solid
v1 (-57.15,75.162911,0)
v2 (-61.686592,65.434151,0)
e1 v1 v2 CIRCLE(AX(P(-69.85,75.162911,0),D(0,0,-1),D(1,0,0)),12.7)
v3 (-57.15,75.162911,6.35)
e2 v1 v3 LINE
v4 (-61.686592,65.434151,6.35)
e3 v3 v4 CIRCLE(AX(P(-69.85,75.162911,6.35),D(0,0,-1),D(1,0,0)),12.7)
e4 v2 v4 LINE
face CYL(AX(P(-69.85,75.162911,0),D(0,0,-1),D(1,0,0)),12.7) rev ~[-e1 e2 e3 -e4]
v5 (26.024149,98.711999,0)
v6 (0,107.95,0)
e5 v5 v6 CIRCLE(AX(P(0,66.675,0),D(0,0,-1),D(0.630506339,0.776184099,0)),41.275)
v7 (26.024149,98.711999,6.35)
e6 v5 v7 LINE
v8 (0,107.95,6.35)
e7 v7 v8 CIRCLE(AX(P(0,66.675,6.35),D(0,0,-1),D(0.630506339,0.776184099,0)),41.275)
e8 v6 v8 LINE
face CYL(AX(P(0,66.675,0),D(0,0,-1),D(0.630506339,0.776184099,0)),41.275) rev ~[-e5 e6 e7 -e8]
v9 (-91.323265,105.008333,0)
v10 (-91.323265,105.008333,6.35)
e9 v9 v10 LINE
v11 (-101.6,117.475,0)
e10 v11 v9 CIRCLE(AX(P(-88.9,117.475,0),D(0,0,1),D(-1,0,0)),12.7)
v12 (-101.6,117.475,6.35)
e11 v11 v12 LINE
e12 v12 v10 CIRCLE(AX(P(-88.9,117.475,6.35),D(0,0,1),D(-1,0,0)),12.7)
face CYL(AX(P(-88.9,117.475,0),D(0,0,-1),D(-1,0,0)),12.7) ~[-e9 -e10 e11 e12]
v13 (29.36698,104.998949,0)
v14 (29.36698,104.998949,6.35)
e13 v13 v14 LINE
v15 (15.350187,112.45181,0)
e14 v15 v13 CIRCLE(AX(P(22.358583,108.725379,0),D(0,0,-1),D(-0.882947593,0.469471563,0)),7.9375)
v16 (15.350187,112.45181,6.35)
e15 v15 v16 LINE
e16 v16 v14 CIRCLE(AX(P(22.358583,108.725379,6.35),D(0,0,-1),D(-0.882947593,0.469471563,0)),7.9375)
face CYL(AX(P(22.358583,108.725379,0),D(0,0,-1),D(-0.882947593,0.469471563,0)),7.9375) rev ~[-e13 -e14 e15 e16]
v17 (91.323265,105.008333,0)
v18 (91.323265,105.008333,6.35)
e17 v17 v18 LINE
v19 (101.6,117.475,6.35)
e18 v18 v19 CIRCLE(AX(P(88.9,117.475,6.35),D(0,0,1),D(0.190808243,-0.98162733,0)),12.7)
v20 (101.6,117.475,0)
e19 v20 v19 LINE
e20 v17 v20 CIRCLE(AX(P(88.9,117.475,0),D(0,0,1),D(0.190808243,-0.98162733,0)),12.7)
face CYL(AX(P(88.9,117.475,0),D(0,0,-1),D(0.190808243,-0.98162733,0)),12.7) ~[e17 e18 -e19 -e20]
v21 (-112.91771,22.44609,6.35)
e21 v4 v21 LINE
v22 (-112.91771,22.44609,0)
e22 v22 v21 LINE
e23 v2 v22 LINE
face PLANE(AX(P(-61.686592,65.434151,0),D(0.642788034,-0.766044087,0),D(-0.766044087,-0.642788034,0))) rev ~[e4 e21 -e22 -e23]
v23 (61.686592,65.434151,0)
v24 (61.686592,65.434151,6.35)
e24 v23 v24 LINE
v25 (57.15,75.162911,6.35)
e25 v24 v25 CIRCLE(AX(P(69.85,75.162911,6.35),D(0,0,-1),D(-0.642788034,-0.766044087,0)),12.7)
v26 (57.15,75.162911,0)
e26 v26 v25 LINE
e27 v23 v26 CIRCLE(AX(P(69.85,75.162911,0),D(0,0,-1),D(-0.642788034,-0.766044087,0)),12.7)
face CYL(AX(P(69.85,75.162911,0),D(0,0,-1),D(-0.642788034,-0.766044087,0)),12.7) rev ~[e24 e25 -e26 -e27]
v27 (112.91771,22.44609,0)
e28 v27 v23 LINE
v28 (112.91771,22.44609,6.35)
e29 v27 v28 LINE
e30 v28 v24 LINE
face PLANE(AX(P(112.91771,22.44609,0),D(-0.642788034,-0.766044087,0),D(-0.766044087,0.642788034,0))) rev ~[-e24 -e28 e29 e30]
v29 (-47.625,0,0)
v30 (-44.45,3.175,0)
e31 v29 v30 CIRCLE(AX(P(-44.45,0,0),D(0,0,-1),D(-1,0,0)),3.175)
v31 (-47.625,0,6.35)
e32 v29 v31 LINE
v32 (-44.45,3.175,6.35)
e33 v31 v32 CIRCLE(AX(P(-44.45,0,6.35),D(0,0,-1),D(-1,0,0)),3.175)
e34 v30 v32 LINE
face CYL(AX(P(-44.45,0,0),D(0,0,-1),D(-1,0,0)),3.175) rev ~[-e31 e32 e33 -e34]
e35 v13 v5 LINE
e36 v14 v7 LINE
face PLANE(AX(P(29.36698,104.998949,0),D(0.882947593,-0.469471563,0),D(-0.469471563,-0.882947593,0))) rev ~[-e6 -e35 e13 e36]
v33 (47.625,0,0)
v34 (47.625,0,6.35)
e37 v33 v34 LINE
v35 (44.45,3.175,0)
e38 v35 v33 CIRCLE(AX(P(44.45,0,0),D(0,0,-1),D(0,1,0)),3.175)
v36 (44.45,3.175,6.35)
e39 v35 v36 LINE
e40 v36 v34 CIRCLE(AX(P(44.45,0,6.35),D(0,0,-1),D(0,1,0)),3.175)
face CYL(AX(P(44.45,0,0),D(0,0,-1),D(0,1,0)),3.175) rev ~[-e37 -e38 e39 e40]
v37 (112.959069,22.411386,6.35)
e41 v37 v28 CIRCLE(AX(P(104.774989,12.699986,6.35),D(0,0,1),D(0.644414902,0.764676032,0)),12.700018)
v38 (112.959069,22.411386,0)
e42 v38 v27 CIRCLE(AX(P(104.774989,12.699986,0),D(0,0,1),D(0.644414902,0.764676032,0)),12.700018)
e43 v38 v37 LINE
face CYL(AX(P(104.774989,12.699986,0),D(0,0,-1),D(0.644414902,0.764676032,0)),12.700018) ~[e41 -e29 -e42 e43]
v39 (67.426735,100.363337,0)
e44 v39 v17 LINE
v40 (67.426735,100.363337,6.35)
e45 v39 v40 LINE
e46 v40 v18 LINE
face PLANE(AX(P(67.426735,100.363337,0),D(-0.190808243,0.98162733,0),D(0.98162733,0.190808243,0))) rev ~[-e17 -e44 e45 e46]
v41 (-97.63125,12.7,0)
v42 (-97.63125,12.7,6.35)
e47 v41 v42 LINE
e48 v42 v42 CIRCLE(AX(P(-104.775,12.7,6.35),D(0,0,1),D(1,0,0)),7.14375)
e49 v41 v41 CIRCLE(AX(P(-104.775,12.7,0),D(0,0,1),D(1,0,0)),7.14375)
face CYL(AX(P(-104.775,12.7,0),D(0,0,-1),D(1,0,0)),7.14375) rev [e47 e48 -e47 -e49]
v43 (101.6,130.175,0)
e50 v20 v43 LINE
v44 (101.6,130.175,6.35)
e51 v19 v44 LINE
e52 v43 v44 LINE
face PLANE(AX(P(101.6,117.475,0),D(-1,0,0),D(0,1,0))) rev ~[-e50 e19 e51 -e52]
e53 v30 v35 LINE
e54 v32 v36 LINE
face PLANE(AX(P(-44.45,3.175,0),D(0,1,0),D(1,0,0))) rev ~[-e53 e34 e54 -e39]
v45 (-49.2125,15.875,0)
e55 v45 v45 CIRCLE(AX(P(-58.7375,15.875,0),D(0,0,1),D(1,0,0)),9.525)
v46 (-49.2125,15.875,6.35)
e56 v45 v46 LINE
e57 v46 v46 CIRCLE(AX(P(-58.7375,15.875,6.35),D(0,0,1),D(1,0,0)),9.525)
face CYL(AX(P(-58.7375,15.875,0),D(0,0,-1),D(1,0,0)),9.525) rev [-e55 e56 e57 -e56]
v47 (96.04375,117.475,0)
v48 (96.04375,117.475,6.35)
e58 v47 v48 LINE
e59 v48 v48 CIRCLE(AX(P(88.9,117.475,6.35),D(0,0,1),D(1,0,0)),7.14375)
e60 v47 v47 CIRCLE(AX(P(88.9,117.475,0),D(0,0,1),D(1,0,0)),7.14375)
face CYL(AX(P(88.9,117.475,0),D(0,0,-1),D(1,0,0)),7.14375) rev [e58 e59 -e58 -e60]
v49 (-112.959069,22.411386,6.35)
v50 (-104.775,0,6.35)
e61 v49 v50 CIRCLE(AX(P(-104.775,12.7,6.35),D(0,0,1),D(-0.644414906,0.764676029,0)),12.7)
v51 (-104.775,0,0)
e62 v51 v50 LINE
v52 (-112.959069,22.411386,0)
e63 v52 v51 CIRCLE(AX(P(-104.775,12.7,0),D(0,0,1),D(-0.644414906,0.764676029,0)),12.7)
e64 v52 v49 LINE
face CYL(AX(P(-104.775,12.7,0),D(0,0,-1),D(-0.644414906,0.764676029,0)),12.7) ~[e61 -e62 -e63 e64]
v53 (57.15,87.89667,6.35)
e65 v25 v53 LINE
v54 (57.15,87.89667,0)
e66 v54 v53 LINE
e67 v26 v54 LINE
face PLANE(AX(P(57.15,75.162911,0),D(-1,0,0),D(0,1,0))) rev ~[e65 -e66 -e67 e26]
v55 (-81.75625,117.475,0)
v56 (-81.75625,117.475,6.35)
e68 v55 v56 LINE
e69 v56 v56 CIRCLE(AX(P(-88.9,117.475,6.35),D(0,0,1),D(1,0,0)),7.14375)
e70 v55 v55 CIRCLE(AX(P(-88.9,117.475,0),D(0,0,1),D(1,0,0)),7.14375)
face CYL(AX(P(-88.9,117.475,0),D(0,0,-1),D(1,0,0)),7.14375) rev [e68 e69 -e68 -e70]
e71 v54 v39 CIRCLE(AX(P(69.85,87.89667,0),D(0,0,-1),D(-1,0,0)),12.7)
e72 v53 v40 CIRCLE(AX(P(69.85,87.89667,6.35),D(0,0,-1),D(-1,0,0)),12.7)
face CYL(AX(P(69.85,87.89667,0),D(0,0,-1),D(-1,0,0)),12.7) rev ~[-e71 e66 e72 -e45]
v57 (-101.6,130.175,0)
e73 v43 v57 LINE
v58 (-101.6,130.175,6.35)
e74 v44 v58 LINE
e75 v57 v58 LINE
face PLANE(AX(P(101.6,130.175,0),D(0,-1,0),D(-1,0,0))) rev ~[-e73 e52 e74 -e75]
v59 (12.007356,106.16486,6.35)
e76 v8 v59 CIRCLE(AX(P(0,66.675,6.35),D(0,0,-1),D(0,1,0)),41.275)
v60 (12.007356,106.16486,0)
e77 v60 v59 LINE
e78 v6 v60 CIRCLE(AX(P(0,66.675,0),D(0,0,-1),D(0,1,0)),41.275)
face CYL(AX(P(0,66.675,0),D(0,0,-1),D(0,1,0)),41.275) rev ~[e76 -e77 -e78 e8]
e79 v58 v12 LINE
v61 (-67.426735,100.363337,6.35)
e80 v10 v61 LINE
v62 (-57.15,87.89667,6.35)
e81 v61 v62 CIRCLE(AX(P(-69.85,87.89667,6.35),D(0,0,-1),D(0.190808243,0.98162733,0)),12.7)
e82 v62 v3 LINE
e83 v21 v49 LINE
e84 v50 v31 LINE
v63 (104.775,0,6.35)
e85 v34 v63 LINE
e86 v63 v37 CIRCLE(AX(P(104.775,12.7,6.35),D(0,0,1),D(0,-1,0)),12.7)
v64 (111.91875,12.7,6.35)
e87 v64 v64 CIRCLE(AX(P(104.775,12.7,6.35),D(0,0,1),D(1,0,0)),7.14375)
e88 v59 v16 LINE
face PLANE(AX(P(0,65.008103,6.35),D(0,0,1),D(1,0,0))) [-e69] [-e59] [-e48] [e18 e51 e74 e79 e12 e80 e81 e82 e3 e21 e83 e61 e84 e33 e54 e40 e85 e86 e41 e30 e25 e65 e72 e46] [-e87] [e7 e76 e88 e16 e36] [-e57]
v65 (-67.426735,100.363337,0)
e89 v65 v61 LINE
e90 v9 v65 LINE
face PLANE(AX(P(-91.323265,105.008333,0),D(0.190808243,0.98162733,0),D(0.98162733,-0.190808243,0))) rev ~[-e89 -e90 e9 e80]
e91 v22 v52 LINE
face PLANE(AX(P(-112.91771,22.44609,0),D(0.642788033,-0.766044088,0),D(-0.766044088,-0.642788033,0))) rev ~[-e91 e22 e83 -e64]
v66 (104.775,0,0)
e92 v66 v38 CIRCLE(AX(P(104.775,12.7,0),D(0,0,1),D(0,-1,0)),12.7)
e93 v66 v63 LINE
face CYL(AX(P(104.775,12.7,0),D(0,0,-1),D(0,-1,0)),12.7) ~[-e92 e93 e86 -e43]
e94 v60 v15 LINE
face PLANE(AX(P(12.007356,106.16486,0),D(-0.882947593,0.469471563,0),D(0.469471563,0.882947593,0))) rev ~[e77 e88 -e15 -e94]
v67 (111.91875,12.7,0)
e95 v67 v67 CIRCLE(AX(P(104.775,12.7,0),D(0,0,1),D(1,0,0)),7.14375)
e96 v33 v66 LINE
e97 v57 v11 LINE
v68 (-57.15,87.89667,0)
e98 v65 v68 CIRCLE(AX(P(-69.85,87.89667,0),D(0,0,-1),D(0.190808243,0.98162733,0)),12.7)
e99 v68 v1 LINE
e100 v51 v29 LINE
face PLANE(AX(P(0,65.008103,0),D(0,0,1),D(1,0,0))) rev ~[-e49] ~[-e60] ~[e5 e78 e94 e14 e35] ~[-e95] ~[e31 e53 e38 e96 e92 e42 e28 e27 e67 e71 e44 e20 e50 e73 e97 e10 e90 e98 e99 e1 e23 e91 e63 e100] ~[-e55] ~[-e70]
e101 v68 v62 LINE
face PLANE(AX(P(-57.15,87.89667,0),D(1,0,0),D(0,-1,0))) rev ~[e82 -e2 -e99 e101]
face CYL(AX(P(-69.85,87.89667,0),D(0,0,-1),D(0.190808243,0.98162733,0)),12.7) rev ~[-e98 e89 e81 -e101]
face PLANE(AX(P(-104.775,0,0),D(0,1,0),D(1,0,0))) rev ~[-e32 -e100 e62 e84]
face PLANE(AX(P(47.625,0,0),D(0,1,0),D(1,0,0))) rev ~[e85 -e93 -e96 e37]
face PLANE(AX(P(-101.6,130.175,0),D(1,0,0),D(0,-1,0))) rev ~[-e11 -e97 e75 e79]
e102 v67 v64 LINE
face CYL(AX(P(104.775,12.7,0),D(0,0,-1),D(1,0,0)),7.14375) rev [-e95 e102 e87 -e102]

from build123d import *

# Parameters (mm, degrees)
F0_R     = 7.14375
F0_R_2   = 9.525
F1_DEPTH = 6.35


with BuildPart() as f1:
    # F0 (on Top) → F1 (new body)
    with BuildSketch(Plane.XY):
        with BuildLine():
            ThreePointArc((44.45, 3.175), (46.6950640303, 2.2450640303), (47.625, 0))
            Line((47.625, 0), (104.775, 0))
            ThreePointArc((104.775, 0), (116.7044718388, 8.3436596038), (112.9590693035, 22.4113855673))
            ThreePointArc((112.9590693035, 22.4113855673), (112.9384080303, 22.4287599071), (112.9177098724, 22.4460902896))
            Line((112.9177098724, 22.4460902896), (61.6865919697, 65.4341507701))
            ThreePointArc((61.6865919697, 65.4341507701), (58.3398896186, 69.7956619399), (57.15, 75.1629106772))
            Line((57.15, 75.1629106772), (57.15, 77.9154896736))
            Line((57.15, 77.9154896736), (57.15, 87.8966700547))
            ThreePointArc((57.15, 87.8966700547), (60.0503708848, 95.9748672053), (67.4267353078, 100.3633371406))
            Line((67.4267353078, 100.3633371406), (91.3232646922, 105.0083329141))
            ThreePointArc((91.3232646922, 105.0083329141), (98.6996291152, 109.3968028494), (101.6, 117.475))
            Line((101.6, 117.475), (101.6, 130.175))
            Line((101.6, 130.175), (88.9, 130.175))
            Line((88.9, 130.175), (0, 130.175))
            Line((0, 130.175), (-88.9, 130.175))
            Line((-88.9, 130.175), (-101.6, 130.175))
            Line((-101.6, 130.175), (-101.6, 117.475))
            ThreePointArc((-101.6, 117.475), (-98.6996291152, 109.3968028494), (-91.3232646922, 105.0083329141))
            Line((-91.3232646922, 105.0083329141), (-67.4267353078, 100.3633371406))
            ThreePointArc((-67.4267353078, 100.3633371406), (-60.0503708848, 95.9748672053), (-57.15, 87.8966700547))
            Line((-57.15, 87.8966700547), (-57.15, 77.9154896736))
            Line((-57.15, 77.9154896736), (-57.15, 75.1629106772))
            ThreePointArc((-57.15, 75.1629106772), (-58.3398896186, 69.7956619399), (-61.6865919697, 65.4341507701))
            Line((-61.6865919697, 65.4341507701), (-112.9177098724, 22.4460902896))
            Line((-112.9177098724, 22.4460902896), (-112.9590693035, 22.4113855673))
            ThreePointArc((-112.9590693035, 22.4113855673), (-116.7044718388, 8.3436596038), (-104.775, 0))
            Line((-104.775, 0), (-57.15, 0))
            Line((-57.15, 0), (-47.625, 0))
            ThreePointArc((-47.625, 0), (-46.6950640303, 2.2450640303), (-44.45, 3.175))
            Line((-44.45, 3.175), (0, 3.175))
            Line((0, 3.175), (44.45, 3.175))
        make_face()
        with Locations((-104.775, 12.7)):
            Circle(F0_R, mode=Mode.SUBTRACT)
        with Locations((-58.7375, 15.875)):
            Circle(F0_R_2, mode=Mode.SUBTRACT)
        with Locations((104.775, 12.7)):
            Circle(F0_R, mode=Mode.SUBTRACT)
        with Locations((-88.9, 117.475)):
            Circle(F0_R, mode=Mode.SUBTRACT)
        with BuildLine():
            ThreePointArc((26.0241491506, 98.7119987044), (38.8969969697, 52.8674204968), (0, 25.4))
            ThreePointArc((0, 25.4), (-41.275, 66.675), (0, 107.95))
            ThreePointArc((0, 107.95), (6.0696648695, 107.5012757715), (12.007356114, 106.1648597636))
            Line((12.007356114, 106.1648597636), (15.3501866594, 112.4518096395))
            ThreePointArc((15.3501866594, 112.4518096395), (26.0850137073, 115.7337756282), (29.366979696, 104.9989485803))
            Line((29.366979696, 104.9989485803), (26.0241491506, 98.7119987044))
        make_face(mode=Mode.SUBTRACT)
        with Locations((88.9, 117.475)):
            Circle(F0_R, mode=Mode.SUBTRACT)
    extrude(amount=F1_DEPTH)


solid = f1.part
